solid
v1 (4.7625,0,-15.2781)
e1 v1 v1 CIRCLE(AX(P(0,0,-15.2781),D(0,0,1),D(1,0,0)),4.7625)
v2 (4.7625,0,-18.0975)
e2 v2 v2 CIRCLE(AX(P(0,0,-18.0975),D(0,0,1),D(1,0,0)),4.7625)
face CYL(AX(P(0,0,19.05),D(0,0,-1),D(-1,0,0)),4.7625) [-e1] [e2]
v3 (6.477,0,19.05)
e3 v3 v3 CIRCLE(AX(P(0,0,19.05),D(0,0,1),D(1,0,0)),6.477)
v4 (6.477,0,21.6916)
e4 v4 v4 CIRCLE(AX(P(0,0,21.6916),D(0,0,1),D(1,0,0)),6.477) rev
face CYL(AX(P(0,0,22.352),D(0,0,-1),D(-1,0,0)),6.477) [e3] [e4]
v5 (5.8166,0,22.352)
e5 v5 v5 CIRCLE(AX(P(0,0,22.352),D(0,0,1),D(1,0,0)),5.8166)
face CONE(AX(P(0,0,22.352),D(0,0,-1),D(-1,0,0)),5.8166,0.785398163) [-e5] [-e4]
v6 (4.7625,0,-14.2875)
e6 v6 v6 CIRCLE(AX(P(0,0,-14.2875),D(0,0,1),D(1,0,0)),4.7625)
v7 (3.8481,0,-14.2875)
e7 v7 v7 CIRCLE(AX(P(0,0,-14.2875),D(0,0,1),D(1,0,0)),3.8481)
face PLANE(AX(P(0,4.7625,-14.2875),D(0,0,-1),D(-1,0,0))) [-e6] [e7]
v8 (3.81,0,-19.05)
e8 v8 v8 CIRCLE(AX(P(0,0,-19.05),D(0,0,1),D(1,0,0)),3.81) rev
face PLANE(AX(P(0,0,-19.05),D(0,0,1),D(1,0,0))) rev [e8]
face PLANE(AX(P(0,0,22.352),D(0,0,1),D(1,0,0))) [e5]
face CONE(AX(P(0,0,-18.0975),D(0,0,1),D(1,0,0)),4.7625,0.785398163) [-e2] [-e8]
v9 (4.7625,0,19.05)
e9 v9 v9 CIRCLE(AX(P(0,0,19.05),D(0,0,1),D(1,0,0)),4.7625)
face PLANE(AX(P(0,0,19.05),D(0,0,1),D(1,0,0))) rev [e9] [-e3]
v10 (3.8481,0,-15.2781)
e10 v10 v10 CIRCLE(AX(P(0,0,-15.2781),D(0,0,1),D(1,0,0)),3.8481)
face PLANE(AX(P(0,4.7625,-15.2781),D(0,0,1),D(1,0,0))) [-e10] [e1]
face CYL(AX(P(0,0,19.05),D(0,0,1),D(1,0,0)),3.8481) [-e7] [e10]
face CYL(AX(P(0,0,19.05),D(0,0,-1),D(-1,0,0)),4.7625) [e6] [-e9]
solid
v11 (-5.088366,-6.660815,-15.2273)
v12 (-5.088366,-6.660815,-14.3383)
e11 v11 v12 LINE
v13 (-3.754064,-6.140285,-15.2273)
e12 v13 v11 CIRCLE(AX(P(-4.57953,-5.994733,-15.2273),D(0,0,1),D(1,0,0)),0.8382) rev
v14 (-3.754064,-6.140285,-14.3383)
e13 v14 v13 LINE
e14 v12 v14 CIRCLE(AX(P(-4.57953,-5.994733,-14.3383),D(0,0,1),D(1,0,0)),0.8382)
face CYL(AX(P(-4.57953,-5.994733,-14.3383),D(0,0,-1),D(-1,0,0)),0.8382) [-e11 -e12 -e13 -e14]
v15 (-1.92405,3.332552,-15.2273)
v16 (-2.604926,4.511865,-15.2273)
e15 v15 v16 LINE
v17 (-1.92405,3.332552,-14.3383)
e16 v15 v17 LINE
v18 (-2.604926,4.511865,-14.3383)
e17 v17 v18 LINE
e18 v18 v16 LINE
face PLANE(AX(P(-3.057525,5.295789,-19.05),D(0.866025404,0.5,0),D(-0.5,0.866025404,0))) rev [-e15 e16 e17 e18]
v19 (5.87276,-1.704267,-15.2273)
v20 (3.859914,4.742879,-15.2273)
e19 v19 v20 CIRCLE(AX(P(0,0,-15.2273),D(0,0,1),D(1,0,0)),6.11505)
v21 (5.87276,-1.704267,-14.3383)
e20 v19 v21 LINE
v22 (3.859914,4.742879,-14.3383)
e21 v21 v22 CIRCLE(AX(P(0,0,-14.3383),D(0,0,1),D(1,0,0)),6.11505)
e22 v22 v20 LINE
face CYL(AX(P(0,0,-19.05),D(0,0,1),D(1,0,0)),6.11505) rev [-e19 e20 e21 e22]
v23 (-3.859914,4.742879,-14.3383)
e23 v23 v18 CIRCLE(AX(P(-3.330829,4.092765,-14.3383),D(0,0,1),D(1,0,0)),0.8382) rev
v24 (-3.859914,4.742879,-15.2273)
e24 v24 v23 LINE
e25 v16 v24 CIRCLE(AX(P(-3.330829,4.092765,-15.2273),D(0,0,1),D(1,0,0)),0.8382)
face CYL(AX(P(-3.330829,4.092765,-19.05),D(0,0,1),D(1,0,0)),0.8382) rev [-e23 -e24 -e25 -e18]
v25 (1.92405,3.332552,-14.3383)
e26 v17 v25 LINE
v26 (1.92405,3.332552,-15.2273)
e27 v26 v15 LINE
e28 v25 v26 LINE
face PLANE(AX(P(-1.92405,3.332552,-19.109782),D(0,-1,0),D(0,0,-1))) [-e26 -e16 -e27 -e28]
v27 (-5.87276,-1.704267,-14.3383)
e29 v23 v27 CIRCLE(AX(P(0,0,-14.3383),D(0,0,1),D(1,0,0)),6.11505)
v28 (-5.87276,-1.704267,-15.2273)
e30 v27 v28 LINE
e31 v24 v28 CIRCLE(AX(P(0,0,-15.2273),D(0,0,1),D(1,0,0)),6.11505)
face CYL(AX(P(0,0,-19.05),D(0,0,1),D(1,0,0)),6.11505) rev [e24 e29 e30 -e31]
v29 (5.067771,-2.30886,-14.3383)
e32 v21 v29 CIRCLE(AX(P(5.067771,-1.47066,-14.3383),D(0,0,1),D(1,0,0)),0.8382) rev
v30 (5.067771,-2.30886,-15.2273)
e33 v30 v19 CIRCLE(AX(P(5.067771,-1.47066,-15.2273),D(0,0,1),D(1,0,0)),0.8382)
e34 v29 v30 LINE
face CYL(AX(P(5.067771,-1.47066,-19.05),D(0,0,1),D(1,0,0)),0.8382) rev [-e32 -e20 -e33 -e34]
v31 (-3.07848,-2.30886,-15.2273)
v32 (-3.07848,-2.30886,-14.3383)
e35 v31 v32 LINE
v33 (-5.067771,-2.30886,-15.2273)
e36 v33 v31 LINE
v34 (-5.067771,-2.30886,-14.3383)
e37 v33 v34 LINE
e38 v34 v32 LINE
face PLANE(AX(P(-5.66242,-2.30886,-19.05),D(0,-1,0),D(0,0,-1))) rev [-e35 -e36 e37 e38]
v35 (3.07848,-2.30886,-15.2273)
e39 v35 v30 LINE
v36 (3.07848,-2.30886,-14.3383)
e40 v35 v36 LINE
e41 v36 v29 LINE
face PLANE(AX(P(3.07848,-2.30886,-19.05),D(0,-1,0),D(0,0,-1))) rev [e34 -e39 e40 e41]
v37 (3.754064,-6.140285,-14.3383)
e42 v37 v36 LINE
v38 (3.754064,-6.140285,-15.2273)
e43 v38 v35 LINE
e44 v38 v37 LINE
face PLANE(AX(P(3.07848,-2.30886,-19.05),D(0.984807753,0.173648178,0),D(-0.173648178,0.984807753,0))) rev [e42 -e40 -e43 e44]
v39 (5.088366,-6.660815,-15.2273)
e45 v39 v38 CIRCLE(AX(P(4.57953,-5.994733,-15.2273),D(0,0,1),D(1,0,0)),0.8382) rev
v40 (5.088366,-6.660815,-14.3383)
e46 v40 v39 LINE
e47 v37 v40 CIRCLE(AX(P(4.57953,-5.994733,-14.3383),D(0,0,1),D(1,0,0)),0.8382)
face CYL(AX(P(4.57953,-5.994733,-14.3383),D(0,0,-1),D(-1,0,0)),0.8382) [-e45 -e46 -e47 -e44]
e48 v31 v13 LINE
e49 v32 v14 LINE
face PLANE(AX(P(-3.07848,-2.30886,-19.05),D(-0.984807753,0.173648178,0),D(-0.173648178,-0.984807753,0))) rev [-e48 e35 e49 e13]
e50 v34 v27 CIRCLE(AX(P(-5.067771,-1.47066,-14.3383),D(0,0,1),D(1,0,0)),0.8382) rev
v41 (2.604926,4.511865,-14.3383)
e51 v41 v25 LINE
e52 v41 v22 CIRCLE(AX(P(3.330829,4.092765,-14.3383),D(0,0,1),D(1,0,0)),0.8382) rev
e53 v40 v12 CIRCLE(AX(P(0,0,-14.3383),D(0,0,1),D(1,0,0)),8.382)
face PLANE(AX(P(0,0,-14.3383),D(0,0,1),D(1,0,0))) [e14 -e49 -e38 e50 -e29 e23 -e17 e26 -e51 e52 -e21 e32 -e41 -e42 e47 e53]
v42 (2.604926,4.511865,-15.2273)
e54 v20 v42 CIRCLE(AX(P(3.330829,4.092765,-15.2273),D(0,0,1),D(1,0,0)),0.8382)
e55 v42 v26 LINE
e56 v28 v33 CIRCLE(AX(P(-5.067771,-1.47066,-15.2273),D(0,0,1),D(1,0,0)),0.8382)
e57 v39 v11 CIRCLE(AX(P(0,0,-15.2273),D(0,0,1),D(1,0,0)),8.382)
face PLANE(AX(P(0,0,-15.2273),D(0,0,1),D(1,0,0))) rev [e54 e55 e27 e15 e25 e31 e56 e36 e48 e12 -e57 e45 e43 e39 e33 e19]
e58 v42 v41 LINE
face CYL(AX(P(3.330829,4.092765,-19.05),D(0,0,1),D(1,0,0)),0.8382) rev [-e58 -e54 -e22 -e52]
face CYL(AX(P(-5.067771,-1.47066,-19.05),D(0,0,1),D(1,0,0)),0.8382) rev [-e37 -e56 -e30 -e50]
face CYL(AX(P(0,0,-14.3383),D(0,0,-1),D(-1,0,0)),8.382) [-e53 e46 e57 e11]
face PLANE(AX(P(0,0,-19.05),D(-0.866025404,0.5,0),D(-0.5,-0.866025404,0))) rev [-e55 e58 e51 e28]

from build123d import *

# Parameters (mm, degrees)
SKETCH2_R      = 4.7625
EXTRUDE1_DEPTH = 19.05
SKETCH3_W      = 0.9906
SKETCH3_H      = 0.9144
SKETCH8_R      = 6.477
EXTRUDE6_DEPTH = 3.302
CHAMFER2_SIZE  = 0.6604
SKETCH4_R      = 8.382
SKETCH4_R_2    = 3.8481
EXTRUDE2_DEPTH = 0.4445
EXTRUDE4_DEPTH = 20.05
EXTRUDE5_DEPTH = 0.889
FILLET1_R      = 0.8382
CHAMFER1_SIZE  = 0.9525


with BuildPart() as part:
    # Sketch2 → Extrude1 (new body, symmetric)
    with BuildSketch(Plane.XY):
        Circle(SKETCH2_R)
    extrude(amount=EXTRUDE1_DEPTH, both=True)

    # Sketch3 → Cut-Revolve1 (revolve, cut)
    with BuildSketch(Plane(origin=(0, 0, 0), x_dir=(0, 0, -1), z_dir=(1, 0, 0))):
        with Locations((14.7828, 4.3053)):
            Rectangle(SKETCH3_W, SKETCH3_H)
    revolve(axis=Axis((0, 0, 19.05), (0, 0, -1)), mode=Mode.SUBTRACT)

    # Sketch8 → Extrude6 (add)
    with BuildSketch(Plane.XY.offset(19.05)):
        Circle(SKETCH8_R)
    extrude(amount=EXTRUDE6_DEPTH)

    # Chamfer2
    chamfer2_edges = [part.edges().sort_by_distance(p)[0] for p in [
        (-6.477, 0, 22.352),
    ]]
    chamfer(chamfer2_edges, length=CHAMFER2_SIZE)

    # Chamfer1
    chamfer1_edges = [part.edges().sort_by_distance(p)[0] for p in [
        (-4.7625, 0, -19.05),
    ]]
    chamfer(chamfer1_edges, length=CHAMFER1_SIZE)


with BuildPart() as body_2:
    # Sketch4 → Extrude2 (new body, symmetric)
    with BuildSketch(Plane.XY.offset(-14.7828)):
        Circle(SKETCH4_R)
        Circle(SKETCH4_R_2, mode=Mode.SUBTRACT)
    extrude(amount=EXTRUDE2_DEPTH, both=True)

    # Sketch5 → Extrude4 (cut, through all)
    with BuildSketch(Plane.XY):
        with BuildLine():
            Line((-3.057525, 5.295788645), (0, 0))
            Line((0, 0), (3.057525, 5.295788645))
            ThreePointArc((3.057525, 5.295788645), (5.785069674, 1.981616859), (5.662420154, -2.30886))
            Line((5.662420154, -2.30886), (3.07848, -2.30886))
            Line((3.07848, -2.30886), (3.972784338, -7.380711931))
            ThreePointArc((3.972784338, -7.380711931), (0, -8.382), (-3.972784338, -7.380711931))
            Line((-3.972784338, -7.380711931), (-3.07848, -2.30886))
            Line((-3.07848, -2.30886), (-5.662420154, -2.30886))
            ThreePointArc((-5.662420154, -2.30886), (-5.785069674, 1.981616859), (-3.057525, 5.295788645))
        make_face()
    extrude(amount=-EXTRUDE4_DEPTH, mode=Mode.SUBTRACT)

    # Sketch6 → Extrude5 (add)
    with BuildSketch(Plane.XY.offset(-14.3383)):
        with BuildLine():
            Line((-1.92405, 3.332552356), (1.92405, 3.332552356))
            ThreePointArc((1.92405, 3.332552356), (0, 3.8481), (-1.92405, 3.332552356))
        make_face()
    extrude(amount=-EXTRUDE5_DEPTH)

    # Fillet1
    fillet1_edges = [body_2.edges().sort_by_distance(p)[0] for p in [
        (3.057525, 5.295788645, -14.7828),
        (3.972784338, -7.380711931, -14.7828),
        (-5.662420154, -2.30886, -14.7828),
        (5.662420154, -2.30886, -14.7828),
        (-3.972784338, -7.380711931, -14.7828),
        (-3.057525, 5.295788645, -14.7828),
    ]]
    fillet(fillet1_edges, radius=FILLET1_R)


solid = Compound([part.part, body_2.part])
